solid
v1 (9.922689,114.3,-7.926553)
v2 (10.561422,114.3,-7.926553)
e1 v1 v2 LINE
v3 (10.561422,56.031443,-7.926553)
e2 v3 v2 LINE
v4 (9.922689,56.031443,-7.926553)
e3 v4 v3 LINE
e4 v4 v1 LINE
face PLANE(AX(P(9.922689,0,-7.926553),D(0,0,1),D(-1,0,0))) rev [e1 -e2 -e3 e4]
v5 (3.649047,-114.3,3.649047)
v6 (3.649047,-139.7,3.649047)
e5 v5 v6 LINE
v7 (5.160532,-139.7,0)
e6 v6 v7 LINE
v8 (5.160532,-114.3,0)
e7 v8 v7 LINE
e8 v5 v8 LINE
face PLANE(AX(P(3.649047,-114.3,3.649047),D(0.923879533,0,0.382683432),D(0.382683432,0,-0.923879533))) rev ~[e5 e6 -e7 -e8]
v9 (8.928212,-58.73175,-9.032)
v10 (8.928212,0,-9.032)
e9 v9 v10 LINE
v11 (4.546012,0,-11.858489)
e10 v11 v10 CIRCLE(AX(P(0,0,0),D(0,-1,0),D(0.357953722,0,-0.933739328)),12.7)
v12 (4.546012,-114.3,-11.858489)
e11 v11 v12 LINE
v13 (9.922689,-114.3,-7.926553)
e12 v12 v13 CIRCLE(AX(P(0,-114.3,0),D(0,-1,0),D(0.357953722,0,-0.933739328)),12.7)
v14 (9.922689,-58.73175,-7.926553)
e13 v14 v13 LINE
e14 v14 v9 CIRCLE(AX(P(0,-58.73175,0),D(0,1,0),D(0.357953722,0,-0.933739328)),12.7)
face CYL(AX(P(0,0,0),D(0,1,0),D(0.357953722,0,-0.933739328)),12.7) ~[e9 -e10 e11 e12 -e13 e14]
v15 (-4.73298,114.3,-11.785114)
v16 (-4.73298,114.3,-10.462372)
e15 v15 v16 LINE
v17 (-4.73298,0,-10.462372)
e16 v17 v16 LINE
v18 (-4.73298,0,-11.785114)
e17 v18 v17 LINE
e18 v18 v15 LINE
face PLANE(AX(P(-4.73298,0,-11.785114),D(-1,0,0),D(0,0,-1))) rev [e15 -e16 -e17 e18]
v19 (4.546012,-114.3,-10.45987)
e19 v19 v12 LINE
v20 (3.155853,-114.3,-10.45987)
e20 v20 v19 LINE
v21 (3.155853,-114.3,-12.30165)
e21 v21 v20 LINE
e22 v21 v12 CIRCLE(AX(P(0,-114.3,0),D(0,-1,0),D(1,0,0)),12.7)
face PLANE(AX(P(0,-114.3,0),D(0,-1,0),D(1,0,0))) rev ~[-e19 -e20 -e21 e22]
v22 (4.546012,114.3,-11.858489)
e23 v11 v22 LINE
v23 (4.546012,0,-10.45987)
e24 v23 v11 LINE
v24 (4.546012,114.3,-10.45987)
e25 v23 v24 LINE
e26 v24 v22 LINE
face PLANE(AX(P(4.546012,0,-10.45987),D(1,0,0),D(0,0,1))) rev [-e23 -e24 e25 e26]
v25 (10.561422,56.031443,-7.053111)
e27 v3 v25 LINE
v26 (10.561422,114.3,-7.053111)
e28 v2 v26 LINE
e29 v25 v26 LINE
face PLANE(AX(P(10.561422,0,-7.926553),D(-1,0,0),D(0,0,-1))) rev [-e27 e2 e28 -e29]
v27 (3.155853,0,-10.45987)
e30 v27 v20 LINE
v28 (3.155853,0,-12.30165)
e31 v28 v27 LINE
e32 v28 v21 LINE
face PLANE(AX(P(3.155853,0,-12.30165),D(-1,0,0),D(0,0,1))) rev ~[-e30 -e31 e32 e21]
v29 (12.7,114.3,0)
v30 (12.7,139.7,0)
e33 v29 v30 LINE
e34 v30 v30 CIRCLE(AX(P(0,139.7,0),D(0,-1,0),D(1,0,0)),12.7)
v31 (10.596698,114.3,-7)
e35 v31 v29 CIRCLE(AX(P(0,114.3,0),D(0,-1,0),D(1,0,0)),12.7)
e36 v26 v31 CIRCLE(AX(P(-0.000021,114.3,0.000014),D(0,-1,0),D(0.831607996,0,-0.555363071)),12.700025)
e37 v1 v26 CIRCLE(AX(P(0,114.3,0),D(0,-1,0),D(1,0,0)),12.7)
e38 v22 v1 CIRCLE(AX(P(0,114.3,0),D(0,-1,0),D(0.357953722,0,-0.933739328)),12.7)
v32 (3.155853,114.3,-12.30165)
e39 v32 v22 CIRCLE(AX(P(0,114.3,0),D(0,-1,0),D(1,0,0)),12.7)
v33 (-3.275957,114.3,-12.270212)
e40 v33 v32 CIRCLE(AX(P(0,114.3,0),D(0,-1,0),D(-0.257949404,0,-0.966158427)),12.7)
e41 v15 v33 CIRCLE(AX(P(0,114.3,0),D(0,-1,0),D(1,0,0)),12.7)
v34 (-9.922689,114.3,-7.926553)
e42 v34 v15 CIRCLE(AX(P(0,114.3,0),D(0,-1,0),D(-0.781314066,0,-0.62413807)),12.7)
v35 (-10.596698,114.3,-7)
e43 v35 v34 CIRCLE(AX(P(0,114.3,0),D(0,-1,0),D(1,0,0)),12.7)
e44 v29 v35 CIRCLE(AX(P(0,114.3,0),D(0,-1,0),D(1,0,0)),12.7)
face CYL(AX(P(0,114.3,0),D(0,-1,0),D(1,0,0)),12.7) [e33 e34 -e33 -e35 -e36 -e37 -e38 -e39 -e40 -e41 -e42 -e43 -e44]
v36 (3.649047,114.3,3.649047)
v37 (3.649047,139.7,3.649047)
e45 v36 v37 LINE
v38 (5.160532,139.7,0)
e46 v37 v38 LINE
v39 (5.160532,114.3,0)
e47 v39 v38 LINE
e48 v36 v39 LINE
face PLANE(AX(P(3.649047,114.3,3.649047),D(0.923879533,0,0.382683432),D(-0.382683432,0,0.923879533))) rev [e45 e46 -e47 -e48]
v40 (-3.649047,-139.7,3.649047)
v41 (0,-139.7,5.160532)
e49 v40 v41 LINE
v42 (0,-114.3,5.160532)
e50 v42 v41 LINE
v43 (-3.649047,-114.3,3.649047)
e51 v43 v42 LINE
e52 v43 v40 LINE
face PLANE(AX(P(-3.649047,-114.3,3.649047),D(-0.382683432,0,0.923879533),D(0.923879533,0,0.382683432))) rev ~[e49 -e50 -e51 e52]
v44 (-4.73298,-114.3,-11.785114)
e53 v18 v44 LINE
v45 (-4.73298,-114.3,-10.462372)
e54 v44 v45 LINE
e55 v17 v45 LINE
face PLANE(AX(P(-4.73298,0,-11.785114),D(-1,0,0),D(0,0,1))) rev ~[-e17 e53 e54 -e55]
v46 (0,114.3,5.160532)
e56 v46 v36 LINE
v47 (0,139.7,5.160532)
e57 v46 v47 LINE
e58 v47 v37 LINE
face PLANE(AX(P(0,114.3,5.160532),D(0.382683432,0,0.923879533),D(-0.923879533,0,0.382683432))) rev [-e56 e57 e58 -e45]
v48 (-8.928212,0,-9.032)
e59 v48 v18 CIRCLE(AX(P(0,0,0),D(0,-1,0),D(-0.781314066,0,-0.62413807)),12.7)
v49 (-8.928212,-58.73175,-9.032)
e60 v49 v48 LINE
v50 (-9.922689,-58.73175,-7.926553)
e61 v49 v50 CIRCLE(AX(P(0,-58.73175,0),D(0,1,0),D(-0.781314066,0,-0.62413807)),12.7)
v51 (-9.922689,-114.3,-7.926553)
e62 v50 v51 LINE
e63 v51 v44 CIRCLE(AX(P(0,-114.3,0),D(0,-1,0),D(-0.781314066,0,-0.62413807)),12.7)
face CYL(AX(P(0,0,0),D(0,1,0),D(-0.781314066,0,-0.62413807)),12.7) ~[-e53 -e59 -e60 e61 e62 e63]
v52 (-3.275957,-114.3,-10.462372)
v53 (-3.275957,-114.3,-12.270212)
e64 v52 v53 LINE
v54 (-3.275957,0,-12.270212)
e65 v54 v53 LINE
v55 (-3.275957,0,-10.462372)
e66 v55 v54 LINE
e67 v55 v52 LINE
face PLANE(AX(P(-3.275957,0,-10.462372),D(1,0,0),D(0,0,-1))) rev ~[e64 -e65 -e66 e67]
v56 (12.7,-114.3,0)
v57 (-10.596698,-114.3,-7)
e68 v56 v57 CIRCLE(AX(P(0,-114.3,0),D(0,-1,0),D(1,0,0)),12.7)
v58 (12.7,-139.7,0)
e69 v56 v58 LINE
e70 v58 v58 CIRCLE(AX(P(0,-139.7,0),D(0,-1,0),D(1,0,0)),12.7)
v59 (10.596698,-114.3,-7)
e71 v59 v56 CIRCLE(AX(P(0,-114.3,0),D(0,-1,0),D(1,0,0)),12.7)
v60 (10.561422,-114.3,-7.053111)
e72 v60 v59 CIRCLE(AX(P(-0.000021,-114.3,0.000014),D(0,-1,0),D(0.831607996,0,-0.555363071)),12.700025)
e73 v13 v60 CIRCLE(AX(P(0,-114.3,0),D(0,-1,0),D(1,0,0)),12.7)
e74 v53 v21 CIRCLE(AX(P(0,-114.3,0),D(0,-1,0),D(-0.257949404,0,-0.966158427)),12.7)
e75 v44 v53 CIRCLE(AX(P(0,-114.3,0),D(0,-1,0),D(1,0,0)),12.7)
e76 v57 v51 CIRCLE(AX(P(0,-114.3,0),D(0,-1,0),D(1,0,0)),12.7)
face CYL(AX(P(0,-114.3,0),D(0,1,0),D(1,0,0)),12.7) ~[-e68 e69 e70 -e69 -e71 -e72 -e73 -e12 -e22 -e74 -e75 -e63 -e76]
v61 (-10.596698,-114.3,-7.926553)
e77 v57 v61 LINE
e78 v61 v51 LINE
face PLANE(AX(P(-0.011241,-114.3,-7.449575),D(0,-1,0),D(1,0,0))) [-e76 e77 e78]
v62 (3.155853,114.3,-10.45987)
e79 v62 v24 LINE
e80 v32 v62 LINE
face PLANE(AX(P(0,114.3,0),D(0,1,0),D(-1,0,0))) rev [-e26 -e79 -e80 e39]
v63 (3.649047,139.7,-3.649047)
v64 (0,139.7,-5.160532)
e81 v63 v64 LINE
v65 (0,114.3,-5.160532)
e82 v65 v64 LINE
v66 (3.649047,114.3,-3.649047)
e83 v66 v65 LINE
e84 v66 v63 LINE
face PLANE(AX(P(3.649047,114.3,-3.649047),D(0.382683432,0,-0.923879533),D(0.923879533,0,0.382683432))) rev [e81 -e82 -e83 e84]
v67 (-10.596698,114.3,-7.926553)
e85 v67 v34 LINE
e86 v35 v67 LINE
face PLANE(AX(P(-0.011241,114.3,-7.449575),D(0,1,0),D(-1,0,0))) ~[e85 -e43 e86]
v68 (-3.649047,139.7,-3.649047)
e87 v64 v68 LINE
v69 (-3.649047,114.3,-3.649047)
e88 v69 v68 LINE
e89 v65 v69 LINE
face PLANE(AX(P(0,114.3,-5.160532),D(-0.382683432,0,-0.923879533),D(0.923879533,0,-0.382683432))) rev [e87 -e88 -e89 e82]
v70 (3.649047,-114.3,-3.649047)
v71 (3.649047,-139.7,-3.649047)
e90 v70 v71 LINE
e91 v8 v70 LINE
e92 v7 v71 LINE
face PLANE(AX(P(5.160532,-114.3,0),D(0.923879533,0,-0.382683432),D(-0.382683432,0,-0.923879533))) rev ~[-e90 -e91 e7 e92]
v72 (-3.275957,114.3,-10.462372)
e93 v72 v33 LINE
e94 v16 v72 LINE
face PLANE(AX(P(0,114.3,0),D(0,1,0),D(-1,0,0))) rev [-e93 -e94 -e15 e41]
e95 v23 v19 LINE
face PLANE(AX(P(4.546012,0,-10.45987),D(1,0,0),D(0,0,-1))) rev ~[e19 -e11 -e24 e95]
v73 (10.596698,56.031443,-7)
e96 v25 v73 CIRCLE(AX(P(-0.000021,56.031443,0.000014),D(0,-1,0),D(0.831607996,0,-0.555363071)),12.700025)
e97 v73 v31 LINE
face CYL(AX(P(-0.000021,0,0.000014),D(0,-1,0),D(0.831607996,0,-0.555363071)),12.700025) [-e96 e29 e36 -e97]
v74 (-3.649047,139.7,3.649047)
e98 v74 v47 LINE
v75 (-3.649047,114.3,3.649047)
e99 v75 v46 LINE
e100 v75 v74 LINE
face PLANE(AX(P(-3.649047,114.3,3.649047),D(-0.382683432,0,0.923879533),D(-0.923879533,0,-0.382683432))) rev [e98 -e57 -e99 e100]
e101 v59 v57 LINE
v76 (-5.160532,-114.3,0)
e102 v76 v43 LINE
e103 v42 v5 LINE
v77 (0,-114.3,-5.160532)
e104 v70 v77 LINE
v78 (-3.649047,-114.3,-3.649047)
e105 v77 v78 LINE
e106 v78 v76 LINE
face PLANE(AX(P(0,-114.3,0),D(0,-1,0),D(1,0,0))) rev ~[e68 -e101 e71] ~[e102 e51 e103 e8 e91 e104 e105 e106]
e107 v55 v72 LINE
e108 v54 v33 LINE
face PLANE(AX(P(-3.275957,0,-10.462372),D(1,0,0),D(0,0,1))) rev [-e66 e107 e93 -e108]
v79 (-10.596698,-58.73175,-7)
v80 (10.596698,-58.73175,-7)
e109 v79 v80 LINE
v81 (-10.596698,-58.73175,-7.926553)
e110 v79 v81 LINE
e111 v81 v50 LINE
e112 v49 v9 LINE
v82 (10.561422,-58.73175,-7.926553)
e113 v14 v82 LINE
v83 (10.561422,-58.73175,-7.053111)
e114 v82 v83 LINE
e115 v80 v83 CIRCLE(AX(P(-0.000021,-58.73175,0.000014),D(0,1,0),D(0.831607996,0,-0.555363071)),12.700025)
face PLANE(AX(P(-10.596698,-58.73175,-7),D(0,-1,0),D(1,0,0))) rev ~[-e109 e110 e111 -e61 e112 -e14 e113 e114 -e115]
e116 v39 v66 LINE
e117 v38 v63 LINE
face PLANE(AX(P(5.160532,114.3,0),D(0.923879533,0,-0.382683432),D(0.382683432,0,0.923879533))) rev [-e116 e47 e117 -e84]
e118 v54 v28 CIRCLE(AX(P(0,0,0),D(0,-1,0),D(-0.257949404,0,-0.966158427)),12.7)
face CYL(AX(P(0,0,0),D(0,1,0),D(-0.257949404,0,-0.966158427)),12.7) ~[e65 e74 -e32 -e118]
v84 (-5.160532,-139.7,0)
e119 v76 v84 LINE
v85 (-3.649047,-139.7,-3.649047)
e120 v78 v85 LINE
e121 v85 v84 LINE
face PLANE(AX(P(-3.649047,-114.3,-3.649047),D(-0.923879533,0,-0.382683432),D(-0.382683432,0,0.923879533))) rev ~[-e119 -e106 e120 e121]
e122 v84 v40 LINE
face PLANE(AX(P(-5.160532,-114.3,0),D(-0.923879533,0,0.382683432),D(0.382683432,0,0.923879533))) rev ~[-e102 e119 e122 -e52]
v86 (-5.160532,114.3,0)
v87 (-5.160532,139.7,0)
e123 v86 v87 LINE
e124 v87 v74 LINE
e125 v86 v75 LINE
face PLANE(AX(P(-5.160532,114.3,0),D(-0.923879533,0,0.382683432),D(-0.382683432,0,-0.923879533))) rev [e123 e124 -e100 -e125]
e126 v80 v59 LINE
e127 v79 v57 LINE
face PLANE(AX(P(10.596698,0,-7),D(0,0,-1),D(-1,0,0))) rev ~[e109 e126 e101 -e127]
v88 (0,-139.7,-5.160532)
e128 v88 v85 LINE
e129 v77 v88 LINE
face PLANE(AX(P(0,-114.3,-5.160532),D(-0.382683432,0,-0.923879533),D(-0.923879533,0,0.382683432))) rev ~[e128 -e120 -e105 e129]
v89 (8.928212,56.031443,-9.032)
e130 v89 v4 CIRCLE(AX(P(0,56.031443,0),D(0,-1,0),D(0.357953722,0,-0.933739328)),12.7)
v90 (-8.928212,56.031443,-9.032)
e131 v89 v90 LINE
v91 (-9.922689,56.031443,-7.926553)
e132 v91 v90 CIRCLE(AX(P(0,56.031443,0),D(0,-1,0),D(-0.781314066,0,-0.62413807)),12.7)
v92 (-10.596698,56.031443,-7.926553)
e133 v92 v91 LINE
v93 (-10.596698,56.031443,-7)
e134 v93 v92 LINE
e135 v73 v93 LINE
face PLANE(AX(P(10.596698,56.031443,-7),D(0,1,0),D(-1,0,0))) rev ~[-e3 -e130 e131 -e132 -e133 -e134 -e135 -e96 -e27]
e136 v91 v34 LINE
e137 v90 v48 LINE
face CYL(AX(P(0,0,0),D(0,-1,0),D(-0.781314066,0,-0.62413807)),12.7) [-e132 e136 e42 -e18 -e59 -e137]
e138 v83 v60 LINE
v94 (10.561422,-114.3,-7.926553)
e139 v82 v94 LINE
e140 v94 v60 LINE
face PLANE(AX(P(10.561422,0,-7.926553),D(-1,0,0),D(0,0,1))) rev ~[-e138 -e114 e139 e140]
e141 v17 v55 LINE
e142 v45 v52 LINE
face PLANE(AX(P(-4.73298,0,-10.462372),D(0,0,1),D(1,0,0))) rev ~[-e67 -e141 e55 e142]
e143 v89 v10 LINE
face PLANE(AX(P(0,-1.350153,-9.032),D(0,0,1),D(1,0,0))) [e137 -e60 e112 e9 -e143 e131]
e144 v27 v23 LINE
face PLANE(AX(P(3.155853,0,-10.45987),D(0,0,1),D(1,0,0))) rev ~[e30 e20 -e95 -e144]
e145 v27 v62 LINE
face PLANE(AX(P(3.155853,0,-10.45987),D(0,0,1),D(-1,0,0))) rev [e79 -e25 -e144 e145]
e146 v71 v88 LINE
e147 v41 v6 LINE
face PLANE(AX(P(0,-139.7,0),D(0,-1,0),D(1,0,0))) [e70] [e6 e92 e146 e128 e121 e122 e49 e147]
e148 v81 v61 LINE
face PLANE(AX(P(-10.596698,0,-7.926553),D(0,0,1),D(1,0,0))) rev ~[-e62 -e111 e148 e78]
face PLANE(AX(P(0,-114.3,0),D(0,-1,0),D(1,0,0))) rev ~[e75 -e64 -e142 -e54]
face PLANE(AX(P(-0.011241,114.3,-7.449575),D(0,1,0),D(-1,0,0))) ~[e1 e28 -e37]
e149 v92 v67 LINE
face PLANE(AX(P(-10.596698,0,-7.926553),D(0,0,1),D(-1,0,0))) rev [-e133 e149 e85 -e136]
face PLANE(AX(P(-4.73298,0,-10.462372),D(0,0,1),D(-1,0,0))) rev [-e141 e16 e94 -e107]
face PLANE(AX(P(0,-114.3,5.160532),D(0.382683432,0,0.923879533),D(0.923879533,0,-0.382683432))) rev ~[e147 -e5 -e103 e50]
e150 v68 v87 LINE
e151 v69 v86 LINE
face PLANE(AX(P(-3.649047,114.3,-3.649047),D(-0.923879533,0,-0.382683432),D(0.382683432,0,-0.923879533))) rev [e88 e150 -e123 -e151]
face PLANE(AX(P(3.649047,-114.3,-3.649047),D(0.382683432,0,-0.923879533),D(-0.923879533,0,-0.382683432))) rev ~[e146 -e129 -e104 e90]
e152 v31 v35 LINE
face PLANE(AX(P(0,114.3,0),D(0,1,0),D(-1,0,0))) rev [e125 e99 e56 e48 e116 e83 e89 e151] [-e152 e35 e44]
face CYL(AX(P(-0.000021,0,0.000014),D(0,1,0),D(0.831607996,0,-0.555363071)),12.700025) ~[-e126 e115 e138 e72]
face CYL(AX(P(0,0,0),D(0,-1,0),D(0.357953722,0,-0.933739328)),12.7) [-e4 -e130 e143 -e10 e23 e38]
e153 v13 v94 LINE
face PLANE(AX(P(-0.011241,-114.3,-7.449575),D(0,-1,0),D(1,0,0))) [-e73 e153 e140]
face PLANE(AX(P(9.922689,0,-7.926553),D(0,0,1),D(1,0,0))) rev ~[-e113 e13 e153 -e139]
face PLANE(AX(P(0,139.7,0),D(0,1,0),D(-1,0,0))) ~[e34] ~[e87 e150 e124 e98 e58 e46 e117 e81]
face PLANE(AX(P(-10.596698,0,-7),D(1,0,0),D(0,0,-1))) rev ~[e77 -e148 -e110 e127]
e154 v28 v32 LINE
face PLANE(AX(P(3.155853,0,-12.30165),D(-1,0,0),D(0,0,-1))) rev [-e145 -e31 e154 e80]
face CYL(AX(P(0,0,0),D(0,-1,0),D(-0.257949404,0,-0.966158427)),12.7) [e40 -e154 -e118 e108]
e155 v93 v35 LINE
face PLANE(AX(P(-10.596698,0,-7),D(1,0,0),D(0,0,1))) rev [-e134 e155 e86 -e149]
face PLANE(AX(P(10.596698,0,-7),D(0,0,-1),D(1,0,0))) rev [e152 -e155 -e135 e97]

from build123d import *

# Parameters (mm, degrees)
F1_DEPTH = 114.3
F2_R     = 12.7
F3_DEPTH = 25.4
F6_DEPTH = 2.032
F7_DEPTH = 25.4


with BuildPart() as f1:
    # F0 (on Front) → F1 (new body)
    with BuildSketch(Plane.XZ):
        with BuildLine():
            Line((10.5614215136, -7), (-10.5966975988, -7))
            ThreePointArc((-10.5966975988, -7), (-10.2701474295, -7.4708815929), (-9.9226886379, -7.9265534878))
            Line((-9.9226886379, -7.9265534878), (9.9226886379, -7.9265534878))
            ThreePointArc((9.9226886379, -7.9265534878), (10.2513617434, -7.4966380736), (10.5614215136, -7.0531110592))
            Line((10.5614215136, -7.0531110592), (10.5614215136, -7))
        make_face()
        with BuildLine():
            ThreePointArc((-9.9226886379, -7.9265534878), (-10.2701474295, -7.4708815929), (-10.5966975988, -7))
            Line((-10.5966975988, -7), (-10.5966975988, -7.9265534878))
            Line((-10.5966975988, -7.9265534878), (-9.9226886379, -7.9265534878))
        make_face()
        with BuildLine():
            Line((9.9226886379, -7.9265534878), (-9.9226886379, -7.9265534878))
            ThreePointArc((-9.9226886379, -7.9265534878), (-7.5775508356, -10.1916987463), (-4.7329799249, -11.7851135349))
            Line((-4.7329799249, -11.7851135349), (-4.7329799249, -10.4623720994))
            Line((-4.7329799249, -10.4623720994), (-3.2759574242, -10.4623720994))
            Line((-3.2759574242, -10.4623720994), (-3.2759574242, -12.2702120175))
            ThreePointArc((-3.2759574242, -12.2702120175), (-0.0620753883, -12.6998482923), (3.1558530074, -12.3016499623))
            Line((3.1558530074, -12.3016499623), (3.1558530074, -10.4598701178))
            Line((3.1558530074, -10.4598701178), (4.5460122637, -10.4598701178))
            Line((4.5460122637, -10.4598701178), (4.5460122637, -11.8584894695))
            ThreePointArc((4.5460122637, -11.8584894695), (7.4967230566, -10.2512995963), (9.9226886379, -7.9265534878))
        make_face()
        with BuildLine():
            Line((10.5966975988, -7), (10.5614215136, -7))
            Line((10.5614215136, -7), (10.5614215136, -7.0531110592))
            ThreePointArc((10.5614215136, -7.0531110592), (10.5790928859, -7.026577667), (10.5966975988, -7))
        make_face()
        with BuildLine():
            ThreePointArc((10.5614215136, -7.0531110592), (10.2513617434, -7.4966380736), (9.9226886379, -7.9265534878))
            Line((9.9226886379, -7.9265534878), (10.5614215136, -7.9265534878))
            Line((10.5614215136, -7.9265534878), (10.5614215136, -7.0531110592))
        make_face()
    extrude(amount=F1_DEPTH)

    # F2 (on face) → F3 (join)
    with BuildSketch(Plane.XZ.offset(114.3)):
        Circle(F2_R)
        Polygon((-3.6490469896, 3.6490469896), (0, 5.1605317424), (3.6490469896, 3.6490469896), (5.1605317424, 0), (3.6490469896, -3.6490469896), (0, -5.1605317424), (-3.6490469896, -3.6490469896), (-5.1605317424, 0), align=None, mode=Mode.SUBTRACT)
    extrude(amount=F3_DEPTH)

    # F4: F1 across face


with BuildPart() as f1_1:
    add(f1.part)
    add(f1.part.mirror(Plane(origin=(0.0015510549, 0, -9.2088295832), x_dir=(1, 0, 0), z_dir=(0, 1, 0))))

    # F5 (on face) → F6 (cut)
    with BuildSketch(Plane.XY.offset(-7)):
        Polygon((10.5966975988, 56.0314431787), (-10.5966975988, 56.0314431787), (-10.5966975988, -58.7317496538), (10.5966975988, -58.7317496538), (10.5966975988, 0), align=None)
    extrude(amount=-F6_DEPTH, mode=Mode.SUBTRACT)

    # F2 (on face) → F7 (join)
    with BuildSketch(Plane.XZ.offset(114.3)):
        Circle(F2_R)
        Polygon((-3.6490469896, 3.6490469896), (0, 5.1605317424), (3.6490469896, 3.6490469896), (5.1605317424, 0), (3.6490469896, -3.6490469896), (0, -5.1605317424), (-3.6490469896, -3.6490469896), (-5.1605317424, 0), align=None, mode=Mode.SUBTRACT)
    extrude(amount=F7_DEPTH)


solid = f1_1.part
